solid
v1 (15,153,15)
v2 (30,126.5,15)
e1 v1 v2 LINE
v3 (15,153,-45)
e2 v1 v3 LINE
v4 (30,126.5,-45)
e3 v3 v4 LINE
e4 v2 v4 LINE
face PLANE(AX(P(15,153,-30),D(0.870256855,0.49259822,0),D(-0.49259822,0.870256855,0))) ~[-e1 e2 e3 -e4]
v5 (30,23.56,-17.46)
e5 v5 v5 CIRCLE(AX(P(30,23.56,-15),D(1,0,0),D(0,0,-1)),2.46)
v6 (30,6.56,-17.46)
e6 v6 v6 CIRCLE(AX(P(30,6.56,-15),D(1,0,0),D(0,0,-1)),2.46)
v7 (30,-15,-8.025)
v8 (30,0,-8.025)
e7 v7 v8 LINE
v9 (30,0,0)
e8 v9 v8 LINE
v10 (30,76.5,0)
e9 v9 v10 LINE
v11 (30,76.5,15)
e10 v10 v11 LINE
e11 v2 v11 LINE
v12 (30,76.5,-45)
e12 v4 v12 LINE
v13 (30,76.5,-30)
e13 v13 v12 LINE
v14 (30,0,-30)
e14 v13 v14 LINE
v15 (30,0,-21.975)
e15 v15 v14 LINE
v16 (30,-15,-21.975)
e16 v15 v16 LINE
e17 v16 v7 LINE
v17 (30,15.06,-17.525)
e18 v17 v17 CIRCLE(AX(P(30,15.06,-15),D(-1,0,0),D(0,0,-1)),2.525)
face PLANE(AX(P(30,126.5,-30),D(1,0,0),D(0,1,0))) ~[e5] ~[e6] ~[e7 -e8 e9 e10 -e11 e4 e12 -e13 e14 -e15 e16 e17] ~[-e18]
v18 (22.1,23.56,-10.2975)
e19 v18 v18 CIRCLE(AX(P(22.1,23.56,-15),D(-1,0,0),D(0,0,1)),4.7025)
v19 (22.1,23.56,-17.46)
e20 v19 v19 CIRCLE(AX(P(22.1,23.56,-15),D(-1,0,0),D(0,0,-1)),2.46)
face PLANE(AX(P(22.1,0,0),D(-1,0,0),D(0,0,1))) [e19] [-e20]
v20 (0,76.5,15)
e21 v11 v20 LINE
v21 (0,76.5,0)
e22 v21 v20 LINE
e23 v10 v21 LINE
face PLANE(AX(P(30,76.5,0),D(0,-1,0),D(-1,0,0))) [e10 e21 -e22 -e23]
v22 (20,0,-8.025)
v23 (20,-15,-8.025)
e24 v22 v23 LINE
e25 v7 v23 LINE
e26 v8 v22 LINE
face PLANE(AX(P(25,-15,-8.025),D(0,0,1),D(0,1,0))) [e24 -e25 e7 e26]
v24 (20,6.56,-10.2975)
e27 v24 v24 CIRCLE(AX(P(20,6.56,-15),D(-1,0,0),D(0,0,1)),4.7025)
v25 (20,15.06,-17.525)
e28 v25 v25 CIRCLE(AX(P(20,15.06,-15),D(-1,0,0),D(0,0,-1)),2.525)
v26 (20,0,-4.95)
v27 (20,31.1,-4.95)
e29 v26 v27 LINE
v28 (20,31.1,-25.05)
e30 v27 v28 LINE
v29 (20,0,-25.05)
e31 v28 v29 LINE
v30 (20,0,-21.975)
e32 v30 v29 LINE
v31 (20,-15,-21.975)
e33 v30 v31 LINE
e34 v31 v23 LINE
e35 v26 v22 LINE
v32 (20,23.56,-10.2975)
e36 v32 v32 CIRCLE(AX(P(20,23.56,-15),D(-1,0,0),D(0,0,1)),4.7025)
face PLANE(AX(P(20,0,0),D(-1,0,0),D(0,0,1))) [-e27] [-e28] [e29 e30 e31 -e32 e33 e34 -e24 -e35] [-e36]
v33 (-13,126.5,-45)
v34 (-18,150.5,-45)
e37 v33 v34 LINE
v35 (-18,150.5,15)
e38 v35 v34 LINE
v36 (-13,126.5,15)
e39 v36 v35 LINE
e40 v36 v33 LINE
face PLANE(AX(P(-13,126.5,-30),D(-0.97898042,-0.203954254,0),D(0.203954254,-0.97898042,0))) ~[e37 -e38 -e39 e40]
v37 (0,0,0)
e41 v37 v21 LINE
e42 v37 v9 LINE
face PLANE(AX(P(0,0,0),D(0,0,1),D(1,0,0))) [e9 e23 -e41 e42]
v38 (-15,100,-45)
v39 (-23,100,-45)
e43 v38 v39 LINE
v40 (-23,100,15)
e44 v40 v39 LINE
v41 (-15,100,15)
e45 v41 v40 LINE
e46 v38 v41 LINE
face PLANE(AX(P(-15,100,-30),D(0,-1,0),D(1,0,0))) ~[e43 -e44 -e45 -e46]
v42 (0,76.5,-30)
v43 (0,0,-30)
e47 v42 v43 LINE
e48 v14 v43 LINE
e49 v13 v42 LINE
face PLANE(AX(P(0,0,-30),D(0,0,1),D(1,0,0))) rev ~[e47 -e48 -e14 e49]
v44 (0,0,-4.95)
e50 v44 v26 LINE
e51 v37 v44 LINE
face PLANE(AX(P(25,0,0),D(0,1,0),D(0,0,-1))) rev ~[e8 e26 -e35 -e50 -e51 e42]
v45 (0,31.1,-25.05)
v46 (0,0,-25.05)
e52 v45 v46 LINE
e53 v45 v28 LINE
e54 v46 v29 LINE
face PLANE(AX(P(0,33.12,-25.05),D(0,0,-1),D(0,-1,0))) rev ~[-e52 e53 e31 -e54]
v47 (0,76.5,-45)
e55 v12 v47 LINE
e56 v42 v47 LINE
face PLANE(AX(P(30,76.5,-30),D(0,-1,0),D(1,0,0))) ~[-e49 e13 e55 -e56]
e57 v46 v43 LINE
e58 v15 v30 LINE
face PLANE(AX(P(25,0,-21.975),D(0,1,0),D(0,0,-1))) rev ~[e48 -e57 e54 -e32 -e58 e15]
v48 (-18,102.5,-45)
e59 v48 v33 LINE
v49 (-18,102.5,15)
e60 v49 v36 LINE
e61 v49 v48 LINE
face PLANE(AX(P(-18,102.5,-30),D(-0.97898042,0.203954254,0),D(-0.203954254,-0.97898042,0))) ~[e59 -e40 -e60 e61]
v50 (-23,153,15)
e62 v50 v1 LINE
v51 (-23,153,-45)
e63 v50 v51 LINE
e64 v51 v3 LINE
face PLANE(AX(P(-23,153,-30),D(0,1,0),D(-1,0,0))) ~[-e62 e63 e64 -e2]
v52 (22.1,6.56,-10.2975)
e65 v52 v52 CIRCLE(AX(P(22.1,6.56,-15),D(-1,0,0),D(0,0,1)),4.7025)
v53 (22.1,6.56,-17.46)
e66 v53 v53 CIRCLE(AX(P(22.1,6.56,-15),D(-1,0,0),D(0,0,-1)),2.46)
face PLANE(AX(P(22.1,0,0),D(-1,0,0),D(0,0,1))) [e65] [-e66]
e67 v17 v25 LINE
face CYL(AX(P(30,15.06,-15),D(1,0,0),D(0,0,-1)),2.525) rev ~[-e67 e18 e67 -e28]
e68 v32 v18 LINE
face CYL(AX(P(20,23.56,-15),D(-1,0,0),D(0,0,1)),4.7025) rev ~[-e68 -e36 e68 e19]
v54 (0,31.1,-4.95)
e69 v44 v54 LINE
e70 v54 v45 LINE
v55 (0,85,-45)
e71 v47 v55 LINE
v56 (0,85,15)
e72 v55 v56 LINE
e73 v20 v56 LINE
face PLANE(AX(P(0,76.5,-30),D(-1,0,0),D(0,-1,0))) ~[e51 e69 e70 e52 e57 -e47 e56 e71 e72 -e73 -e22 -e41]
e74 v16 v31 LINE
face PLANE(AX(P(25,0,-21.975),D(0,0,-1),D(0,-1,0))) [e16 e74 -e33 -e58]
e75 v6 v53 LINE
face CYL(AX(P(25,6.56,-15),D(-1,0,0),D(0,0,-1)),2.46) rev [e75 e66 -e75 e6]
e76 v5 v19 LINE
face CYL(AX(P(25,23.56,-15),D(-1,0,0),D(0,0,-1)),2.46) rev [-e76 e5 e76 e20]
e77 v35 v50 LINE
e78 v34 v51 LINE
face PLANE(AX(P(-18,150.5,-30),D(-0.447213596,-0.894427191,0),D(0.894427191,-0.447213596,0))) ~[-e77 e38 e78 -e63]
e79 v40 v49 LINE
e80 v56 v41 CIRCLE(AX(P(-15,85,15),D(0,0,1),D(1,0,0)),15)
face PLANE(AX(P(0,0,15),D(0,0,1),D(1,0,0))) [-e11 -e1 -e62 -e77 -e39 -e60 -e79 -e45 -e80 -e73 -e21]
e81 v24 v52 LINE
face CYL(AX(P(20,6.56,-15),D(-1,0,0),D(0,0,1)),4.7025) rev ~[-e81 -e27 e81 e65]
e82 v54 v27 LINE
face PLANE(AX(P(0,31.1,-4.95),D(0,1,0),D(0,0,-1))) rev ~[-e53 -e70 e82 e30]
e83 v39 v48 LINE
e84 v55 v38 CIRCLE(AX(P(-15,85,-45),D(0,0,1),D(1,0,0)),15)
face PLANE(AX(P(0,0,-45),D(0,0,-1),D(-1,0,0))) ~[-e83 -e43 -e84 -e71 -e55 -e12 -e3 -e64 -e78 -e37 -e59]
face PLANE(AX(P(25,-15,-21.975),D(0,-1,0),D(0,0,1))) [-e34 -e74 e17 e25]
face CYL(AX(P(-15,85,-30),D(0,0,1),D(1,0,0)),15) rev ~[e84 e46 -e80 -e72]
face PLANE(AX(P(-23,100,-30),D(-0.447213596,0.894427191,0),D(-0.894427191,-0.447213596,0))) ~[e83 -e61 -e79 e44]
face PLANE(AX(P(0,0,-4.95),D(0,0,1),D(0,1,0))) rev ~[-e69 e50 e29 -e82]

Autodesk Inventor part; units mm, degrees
ref_plane "YZ Plane" through (0, 0, 0) normal (1, 0, 0) x (0, 1, 0)
ref_plane "XZ Plane" through (0, 0, 0) normal (0, 1, 0) x (-1, 0, 0)
sketch "Sketch1" plane through (0, 0, 0) normal (0, 0, 1) x (1, 0, 0)
  line L0 (0, 0) -> (25, 0)
  line L1 (25, 0) -> (25, 40)
  line L2 (25, 40) -> (0, 40)
  line L3 (0, 40) -> (0, 0)
  dimension "d1" = 25
  dimension "d2" = 40
  dimension "d3" = 25
extrude "Extrusion1" add sketch "Sketch1" against normal blind 30
sketch "Sketch2" plane through (25, 0, 0) normal (1, 0, 0) x (0, 0, -1)
  line L0 (0, 0) -> (30, 0) projected
  circle A0 centre (15, 6.56) radius 2.46
extrude "Extrusion2" cut sketch "Sketch2" against normal blind 30
sketch "Sketch3" plane through (0, 0, 0) normal (-1, 0, 0) x (0, 0, 1)
  line L0 (0, 0) -> (-30, 0) projected
  line L1 (-25.05, 0) -> (-4.95, 0)
  line L2 (-4.95, 0) -> (-4.95, 33.12)
  line L3 (-4.95, 33.12) -> (-25.05, 33.12)
  line L4 (-25.05, 33.12) -> (-25.05, 0)
  dimension "d11" = 20.1
extrude "Extrusion3" cut sketch "Sketch3" against normal blind 20
sketch "Sketch4" plane through (0, 0, 0) normal (0, -1, 0) x (1, 0, 0)
  line L0 (20, -4.95) -> (20, -25.05) projected
  line L1 (20, -15) -> (25, -15)
  line L2 (25, 0) -> (25, -30) projected
  line L3 (20, -8.025) -> (25, -8.025)
  line L4 (25, -8.025) -> (25, -21.975)
  line L5 (25, -21.975) -> (20, -21.975)
  line L6 (20, -21.975) -> (20, -8.025)
  line L7 (20, -8.025) -> (25, -21.975) construction
  line L8 (25, -8.025) -> (20, -21.975) construction
  line L9 (25, -12.54) -> (25, -17.46) projected
  point P0 (0, 0)
  point P1 (22.5, -15)
  dimension "d14" = 13.95
extrude "Extrusion4" add sketch "Sketch4" along normal blind 15
sketch "Sketch5" plane through (20, 0, 0) normal (-1, 0, 0) x (0, 0, 1)
  circle A0 centre (-15, 6.56) radius 2.46 projected
  circle A1 centre (-15, 6.56) radius 4.7025
  circle A2 centre (-15, 6.56) radius 2.46 projected
  circle A3 centre (-15, 6.56) radius 2.46
  point P0 (0, 0)
  dimension "d17" = 9.405
extrude "Extrusion5" cut sketch "Sketch5" against normal blind 2.1
sketch "Sketch6" plane through (25, 0, 0) normal (1, 0, 0) x (0, 0, -1)
  circle A0 centre (15, 6.56) radius 4.7025 projected
  line L0 (15, 6.56) -> (15, 23.56)
  circle A1 centre (15, 23.56) radius 2.46
  point P0 (0, 0)
  dimension "d20" = 17
  dimension "d21" = 4.92
extrude "Extrusion6" cut sketch "Sketch6" against normal blind 10 contours A1
sketch "Sketch7" plane through (20, 0, 0) normal (-1, 0, 0) x (0, 0, 1)
  circle A0 centre (-15, 23.56) radius 2.46 projected
  circle A1 centre (-15, 23.56) radius 4.7025
  point P0 (0, 0)
  dimension "d24" = 9.405
extrude "Extrusion7" cut sketch "Sketch7" against normal blind 2.1
sketch "Sketch9" plane through (25, 0, 0) normal (1, 0, 0) x (0, 0, -1)
  circle A0 centre (15, 6.56) radius 2.46 projected
  circle A1 centre (15, 6.56) radius 2.46
  circle A2 centre (15, 23.56) radius 2.46 projected
  circle A3 centre (15, 23.56) radius 2.46
  line L0 (30, 40) -> (30, 0) projected
  line L1 (30, 0) -> (30, 40)
  line L2 (30, 40) -> (0, 40)
  line L3 (0, 40) -> (0, 0)
  line L4 (0, 0) -> (8.025, 0) projected
  line L5 (21.975, 0) -> (21.975, -15)
  line L6 (21.975, -15) -> (8.025, -15)
  line L7 (8.025, -15) -> (8.025, 0)
  line L8 (0, 0) -> (8.025, 0)
  line L9 (21.975, 0) -> (30, 0)
extrude "Extrusion8" add sketch "Sketch9" along normal blind 5
sketch "Sketch10" plane through (0, 40, 0) normal (0, 1, 0) x (1, 0, 0)
  line L0 (0, 30) -> (30, 30) projected
  line L1 (30, 0) -> (0, 0) projected
  line L2 (0, 30) -> (30, 30)
  line L3 (30, 30) -> (30, 0)
  line L4 (30, 0) -> (0, 0)
  line L5 (0, 0) -> (0, 30)
extrude "Extrusion9" add sketch "Sketch10" along normal blind 30
sketch "Sketch12" plane through (30, 0, 0) normal (1, 0, 0) x (0, 0, -1)
  circle A0 centre (15, 6.56) radius 2.46 projected
  line L0 (15, 6.56) -> (15, 15.06)
  circle A1 centre (15, 15.06) radius 2.525
  point P0 (0, 0)
  dimension "d31" = 8.5
  dimension "d33" = 5.05
extrude "Extrusion10" cut sketch "Sketch12" against normal blind 30 contours A1
sketch "Sketch14" plane through (0, 0, 0) normal (0, 0, 1) x (1, 0, 0)
  line L0 (30, 70) -> (0, 70) projected
  line L1 (0, 70) -> (0, 85)
  line L2 (-15, 100) -> (-23, 100)
  line L3 (30, 0) -> (30, 70) projected
  line L4 (30, 122.5) -> (30, 70)
  arc A0 (0, 85) -> (-15, 100) centre (-15, 85) ccw
  line L5 (30, 105) -> (30, 100)
  line L6 (-23, 153) -> (15, 153)
  line L7 (-18, 150.5) -> (-23, 153)
  line L8 (-18, 102.5) -> (-23, 100)
  line L9 (-18, 102.5) -> (-13, 126.5)
  line L10 (-13, 126.5) -> (-18, 150.5)
  line L11 (30, 126.5) -> (15, 153)
  line L12 (30, 122.5) -> (30, 126.5)
  point P0 (0, 0)
  point P1 (0, 100)
  dimension "d47" = 30
  dimension "d54" = 15
extrude "Extrusion12" add sketch "Sketch14" against normal blind 30
sketch "Sketch15" plane through (0, 0, -25.05) normal (-1, 0, 0) x (0, 0, 1)
  line L0 (0, 33.12) -> (20.1, 33.12) projected
  line L1 (20.1, 33.12) -> (20.1, 0) projected
  line L2 (0, 33.12) -> (20.1, 33.12)
  line L3 (20.1, 33.12) -> (20.1, 31.1)
  line L4 (20.1, 31.1) -> (0, 31.1)
  line L5 (0, 31.1) -> (0, 33.12)
  point P0 (25.05, 0)
  dimension "d57" = 2.02
extrude "Extrusion13" add sketch "Sketch15" against normal blind 20
sketch "Sketch25" plane through (0, 0, 0) normal (0, 0, 1) x (1, 0, 0)
  line L0 (-15, 100) -> (-23, 100) projected
  line L1 (-15, 100) -> (-23, 100)
  line L2 (-23, 100) -> (-18, 102.5) projected
  line L3 (-23, 100) -> (-18, 102.5)
  line L4 (-18, 102.5) -> (-13, 126.5) projected
  line L5 (-18, 102.5) -> (-13, 126.5)
  line L6 (-13, 126.5) -> (-18, 150.5) projected
  line L7 (-13, 126.5) -> (-18, 150.5)
  line L8 (-18, 150.5) -> (-23, 153) projected
  line L9 (-18, 150.5) -> (-23, 153)
  line L10 (-23, 153) -> (15, 153) projected
  line L11 (-23, 153) -> (15, 153)
  line L12 (15, 153) -> (30, 126.5) projected
  line L13 (15, 153) -> (30, 126.5)
  line L14 (30, 126.5) -> (30, 76.5)
  line L15 (30, 0) -> (30, 126.5) projected
  line L16 (30, 76.5) -> (0, 76.5)
  arc A0 (0, 85) -> (-15, 100) centre (-15, 85) ccw projected
  line L17 (0, 76.5) -> (0, 85)
  line L18 (0, 85) -> (0, 0) projected
  arc A1 (0, 85) -> (-15, 100) centre (-15, 85) ccw
  dimension "d90" = 50
extrude "Extrusion14" add sketch "Sketch25" along normal blind 15
ref_plane "Work Plane1" through (0, 0, -15) normal (0, 0, 1) x (1, 0, 0)
mirror "Mirror1" about plane through (0, 0, -15) normal (0, 0, 1) of "Extrusion14"
properties part number "rec_a_48mm_x_60mm"
